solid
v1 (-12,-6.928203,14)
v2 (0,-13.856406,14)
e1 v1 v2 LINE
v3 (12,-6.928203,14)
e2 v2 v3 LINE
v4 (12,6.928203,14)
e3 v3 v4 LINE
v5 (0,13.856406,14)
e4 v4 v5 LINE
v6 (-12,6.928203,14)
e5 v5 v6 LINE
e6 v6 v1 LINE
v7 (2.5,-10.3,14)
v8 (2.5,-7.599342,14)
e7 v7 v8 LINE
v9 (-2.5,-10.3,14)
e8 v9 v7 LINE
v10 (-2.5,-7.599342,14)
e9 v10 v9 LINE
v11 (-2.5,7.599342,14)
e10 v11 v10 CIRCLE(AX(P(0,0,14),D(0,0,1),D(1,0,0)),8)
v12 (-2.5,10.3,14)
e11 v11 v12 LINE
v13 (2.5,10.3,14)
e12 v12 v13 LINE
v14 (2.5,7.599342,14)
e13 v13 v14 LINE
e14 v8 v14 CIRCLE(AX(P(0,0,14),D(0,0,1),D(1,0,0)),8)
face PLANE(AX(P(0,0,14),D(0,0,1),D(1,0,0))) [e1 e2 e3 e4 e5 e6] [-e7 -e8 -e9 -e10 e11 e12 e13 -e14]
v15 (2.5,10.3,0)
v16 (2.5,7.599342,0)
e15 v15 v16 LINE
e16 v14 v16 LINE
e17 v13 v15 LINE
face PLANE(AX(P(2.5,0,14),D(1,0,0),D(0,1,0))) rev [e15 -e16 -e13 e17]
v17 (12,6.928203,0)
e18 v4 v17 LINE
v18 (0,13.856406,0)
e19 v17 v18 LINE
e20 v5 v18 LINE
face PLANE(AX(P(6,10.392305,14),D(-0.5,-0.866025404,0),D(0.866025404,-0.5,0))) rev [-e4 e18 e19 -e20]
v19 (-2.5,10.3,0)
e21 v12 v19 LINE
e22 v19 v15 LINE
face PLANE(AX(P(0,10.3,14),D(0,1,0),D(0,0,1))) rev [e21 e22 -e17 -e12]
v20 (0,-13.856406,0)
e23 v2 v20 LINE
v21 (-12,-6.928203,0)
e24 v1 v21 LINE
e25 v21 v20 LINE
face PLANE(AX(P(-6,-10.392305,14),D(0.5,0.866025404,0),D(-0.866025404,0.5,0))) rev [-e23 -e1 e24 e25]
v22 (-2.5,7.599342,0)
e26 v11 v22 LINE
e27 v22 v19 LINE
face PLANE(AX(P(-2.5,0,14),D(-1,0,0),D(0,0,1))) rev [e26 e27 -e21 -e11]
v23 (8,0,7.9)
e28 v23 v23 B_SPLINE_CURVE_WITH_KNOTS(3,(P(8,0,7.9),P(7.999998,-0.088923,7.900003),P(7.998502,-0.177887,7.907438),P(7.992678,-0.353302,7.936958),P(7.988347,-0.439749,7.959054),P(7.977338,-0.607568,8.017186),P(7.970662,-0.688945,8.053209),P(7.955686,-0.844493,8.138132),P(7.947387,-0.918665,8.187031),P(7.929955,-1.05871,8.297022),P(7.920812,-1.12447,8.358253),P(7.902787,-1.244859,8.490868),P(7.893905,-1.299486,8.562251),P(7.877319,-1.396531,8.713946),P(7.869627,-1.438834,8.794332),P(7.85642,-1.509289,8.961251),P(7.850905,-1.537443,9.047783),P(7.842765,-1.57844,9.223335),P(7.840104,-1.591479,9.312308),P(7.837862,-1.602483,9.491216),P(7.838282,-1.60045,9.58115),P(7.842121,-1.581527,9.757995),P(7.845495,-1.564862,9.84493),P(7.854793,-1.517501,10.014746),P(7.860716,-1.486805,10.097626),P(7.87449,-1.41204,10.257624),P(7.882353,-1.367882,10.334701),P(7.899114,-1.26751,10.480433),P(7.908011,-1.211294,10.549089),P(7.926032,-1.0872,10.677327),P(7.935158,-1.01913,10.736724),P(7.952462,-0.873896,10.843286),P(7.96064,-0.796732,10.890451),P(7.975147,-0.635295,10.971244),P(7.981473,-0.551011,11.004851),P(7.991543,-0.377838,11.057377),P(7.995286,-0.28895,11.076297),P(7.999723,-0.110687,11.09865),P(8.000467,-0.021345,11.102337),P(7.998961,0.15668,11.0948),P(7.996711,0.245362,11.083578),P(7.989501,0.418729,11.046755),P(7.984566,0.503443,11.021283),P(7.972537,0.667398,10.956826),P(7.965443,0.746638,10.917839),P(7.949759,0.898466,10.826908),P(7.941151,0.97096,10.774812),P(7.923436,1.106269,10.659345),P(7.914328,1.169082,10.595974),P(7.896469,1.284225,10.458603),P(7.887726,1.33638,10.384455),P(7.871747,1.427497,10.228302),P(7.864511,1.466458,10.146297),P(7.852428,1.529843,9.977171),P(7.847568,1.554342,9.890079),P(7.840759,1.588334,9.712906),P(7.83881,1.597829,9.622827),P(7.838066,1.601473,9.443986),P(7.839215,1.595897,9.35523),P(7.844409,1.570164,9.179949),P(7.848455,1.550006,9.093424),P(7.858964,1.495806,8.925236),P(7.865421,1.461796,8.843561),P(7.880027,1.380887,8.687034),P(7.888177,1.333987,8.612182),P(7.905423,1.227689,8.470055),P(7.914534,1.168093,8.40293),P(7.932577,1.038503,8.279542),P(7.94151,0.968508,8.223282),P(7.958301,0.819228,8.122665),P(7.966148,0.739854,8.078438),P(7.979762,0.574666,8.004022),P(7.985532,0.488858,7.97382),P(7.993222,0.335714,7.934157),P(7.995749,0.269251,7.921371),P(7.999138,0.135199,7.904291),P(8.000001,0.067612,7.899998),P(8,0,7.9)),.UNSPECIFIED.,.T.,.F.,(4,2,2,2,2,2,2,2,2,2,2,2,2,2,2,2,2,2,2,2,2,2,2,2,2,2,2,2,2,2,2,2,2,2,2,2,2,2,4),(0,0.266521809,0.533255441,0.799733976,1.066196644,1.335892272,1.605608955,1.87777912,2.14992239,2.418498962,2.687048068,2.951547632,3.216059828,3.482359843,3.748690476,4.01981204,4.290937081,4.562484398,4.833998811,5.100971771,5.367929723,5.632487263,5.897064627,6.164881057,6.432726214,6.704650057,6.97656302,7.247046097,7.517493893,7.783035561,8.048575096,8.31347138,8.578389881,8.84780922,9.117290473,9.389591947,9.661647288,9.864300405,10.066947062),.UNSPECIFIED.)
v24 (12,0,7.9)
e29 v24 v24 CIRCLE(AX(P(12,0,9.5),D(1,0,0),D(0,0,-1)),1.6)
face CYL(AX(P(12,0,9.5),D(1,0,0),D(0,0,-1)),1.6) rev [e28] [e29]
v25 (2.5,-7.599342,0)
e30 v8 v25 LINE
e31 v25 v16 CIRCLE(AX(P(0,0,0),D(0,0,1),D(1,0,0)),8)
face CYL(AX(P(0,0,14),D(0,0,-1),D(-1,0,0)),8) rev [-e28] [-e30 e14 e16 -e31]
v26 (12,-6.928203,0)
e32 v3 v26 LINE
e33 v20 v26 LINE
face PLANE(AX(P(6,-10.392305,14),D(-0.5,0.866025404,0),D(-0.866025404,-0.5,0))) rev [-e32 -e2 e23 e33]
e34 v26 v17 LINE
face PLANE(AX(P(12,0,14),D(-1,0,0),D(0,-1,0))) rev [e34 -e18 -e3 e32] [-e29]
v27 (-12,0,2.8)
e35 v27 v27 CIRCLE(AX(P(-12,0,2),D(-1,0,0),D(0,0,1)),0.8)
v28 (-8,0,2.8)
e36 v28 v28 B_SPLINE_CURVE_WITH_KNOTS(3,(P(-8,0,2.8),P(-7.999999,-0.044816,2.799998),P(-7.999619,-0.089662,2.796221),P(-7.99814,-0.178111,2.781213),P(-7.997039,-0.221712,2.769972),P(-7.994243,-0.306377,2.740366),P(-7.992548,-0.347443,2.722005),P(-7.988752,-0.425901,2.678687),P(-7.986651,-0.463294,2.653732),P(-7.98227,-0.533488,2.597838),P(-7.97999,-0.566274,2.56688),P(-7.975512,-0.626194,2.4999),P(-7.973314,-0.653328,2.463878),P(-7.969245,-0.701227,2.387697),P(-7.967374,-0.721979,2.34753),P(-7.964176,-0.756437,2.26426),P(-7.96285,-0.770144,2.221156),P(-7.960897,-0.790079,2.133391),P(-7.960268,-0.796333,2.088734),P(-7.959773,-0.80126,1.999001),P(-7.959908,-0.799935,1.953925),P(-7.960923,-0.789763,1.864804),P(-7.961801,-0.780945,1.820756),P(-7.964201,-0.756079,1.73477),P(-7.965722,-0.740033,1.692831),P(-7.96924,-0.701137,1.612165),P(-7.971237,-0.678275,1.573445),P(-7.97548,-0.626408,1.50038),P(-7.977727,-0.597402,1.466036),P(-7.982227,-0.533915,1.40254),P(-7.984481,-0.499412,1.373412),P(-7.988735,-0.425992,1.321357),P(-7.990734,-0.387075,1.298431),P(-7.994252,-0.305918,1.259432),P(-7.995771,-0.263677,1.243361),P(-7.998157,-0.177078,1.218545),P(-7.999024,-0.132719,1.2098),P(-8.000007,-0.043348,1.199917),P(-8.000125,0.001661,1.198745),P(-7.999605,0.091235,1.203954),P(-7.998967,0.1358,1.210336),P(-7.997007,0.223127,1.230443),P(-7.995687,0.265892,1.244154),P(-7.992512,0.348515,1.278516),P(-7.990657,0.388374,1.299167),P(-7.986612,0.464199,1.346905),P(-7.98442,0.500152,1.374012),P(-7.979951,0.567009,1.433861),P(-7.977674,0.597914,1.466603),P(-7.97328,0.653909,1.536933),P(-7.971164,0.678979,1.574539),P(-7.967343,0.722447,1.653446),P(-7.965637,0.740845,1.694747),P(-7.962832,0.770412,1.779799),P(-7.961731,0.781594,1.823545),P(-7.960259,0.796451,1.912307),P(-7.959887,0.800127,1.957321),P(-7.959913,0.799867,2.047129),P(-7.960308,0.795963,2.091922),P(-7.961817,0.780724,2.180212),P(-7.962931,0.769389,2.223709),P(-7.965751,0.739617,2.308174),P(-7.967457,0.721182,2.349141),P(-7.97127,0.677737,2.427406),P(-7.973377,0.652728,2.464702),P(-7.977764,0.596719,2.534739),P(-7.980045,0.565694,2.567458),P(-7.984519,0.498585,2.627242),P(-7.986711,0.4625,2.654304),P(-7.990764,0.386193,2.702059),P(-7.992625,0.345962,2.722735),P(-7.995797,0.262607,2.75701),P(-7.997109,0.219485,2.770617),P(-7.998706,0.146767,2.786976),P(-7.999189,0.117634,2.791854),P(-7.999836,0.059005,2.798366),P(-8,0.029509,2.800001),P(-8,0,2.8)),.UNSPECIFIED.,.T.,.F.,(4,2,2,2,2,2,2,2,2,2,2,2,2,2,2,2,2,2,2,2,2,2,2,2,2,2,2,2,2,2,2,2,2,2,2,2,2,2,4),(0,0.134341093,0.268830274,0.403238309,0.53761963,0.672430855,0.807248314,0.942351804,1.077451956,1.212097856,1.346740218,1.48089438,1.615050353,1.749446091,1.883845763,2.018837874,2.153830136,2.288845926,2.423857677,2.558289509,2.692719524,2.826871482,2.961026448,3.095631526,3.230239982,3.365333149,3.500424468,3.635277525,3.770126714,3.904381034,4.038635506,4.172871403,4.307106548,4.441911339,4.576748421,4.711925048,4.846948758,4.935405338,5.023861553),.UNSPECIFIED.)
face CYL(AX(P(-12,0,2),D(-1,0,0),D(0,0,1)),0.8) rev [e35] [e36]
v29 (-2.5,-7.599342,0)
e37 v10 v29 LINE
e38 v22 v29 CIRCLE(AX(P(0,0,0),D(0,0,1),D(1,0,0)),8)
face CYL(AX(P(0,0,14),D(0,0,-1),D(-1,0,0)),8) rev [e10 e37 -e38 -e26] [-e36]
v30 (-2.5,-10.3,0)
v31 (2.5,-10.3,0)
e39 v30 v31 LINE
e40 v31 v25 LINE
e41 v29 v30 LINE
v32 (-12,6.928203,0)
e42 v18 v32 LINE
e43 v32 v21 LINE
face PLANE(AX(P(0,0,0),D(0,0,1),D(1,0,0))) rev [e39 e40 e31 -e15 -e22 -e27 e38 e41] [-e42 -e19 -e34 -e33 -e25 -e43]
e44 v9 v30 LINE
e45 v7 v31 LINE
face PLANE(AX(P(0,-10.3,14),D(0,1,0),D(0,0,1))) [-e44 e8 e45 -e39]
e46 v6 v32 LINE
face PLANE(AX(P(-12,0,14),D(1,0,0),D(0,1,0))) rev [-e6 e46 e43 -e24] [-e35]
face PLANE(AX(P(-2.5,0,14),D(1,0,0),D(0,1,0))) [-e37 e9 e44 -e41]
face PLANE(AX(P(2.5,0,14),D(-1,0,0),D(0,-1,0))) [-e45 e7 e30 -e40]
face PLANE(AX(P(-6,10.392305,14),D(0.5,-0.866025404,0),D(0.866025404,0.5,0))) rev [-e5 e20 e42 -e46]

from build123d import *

# Parameters (mm, degrees)
BOSS_EXTRUDE1_DEPTH        = 14
M3_CLEARANCE_HOLE1_REACH   = 33.048
M3_CLEARANCE_HOLE1_BORE_R  = 1.6
M2X0_4_TAPPED_HOLE1_REACH  = 33.048
M2X0_4_TAPPED_HOLE1_BORE_R = 0.8


with BuildPart() as part:
    # Sketch1 → Boss-Extrude1 (new body)
    with BuildSketch(Plane.XY):
        Polygon((12, 6.92820323), (0, 13.856406461), (-12, 6.92820323), (-12, -6.92820323), (0, -13.856406461), (12, -6.92820323), align=None)
        with BuildLine():
            ThreePointArc((-2.5, -7.599342077), (-8, 0), (-2.5, 7.599342077))
            Line((-2.5, 7.599342077), (-2.5, 10.3))
            Line((-2.5, 10.3), (2.5, 10.3))
            Line((2.5, 10.3), (2.5, 7.599342077))
            ThreePointArc((2.5, 7.599342077), (6.480740698, 4.69041576), (8, 0))
            ThreePointArc((8, 0), (6.480740698, -4.69041576), (2.5, -7.599342077))
            Line((2.5, -7.599342077), (2.5, -10.3))
            Line((2.5, -10.3), (-2.5, -10.3))
            Line((-2.5, -10.3), (-2.5, -7.599342077))
        make_face(mode=Mode.SUBTRACT)
    extrude(amount=BOSS_EXTRUDE1_DEPTH)

    # M3 Clearance Hole1 bore → M3 Clearance Hole1 (cut, up to next)
    with BuildSketch(Plane(origin=(12, 0, 0), x_dir=(0, 0, -1), z_dir=(1, 0, 0)), mode=Mode.PRIVATE) as m3_clearance_hole1_sk1:
        with Locations((-9.5, 0)):
            Circle(M3_CLEARANCE_HOLE1_BORE_R)
    m3_clearance_hole1_tool1 = extrude(m3_clearance_hole1_sk1.sketch, amount=-M3_CLEARANCE_HOLE1_REACH, mode=Mode.PRIVATE) & part.part
    add(m3_clearance_hole1_tool1.solids().sort_by_distance((12, 0, 9.5))[0], mode=Mode.SUBTRACT)

    # M2x0.4 Tapped Hole1 bore → M2x0.4 Tapped Hole1 (cut, up to next)
    with BuildSketch(Plane.ZY.offset(12), mode=Mode.PRIVATE) as m2x0_4_tapped_hole1_sk1:
        with Locations((2, 0)):
            Circle(M2X0_4_TAPPED_HOLE1_BORE_R)
    m2x0_4_tapped_hole1_tool1 = extrude(m2x0_4_tapped_hole1_sk1.sketch, amount=-M2X0_4_TAPPED_HOLE1_REACH, mode=Mode.PRIVATE) & part.part
    add(m2x0_4_tapped_hole1_tool1.solids().sort_by_distance((-12, 0, 2))[0], mode=Mode.SUBTRACT)


solid = part.part
